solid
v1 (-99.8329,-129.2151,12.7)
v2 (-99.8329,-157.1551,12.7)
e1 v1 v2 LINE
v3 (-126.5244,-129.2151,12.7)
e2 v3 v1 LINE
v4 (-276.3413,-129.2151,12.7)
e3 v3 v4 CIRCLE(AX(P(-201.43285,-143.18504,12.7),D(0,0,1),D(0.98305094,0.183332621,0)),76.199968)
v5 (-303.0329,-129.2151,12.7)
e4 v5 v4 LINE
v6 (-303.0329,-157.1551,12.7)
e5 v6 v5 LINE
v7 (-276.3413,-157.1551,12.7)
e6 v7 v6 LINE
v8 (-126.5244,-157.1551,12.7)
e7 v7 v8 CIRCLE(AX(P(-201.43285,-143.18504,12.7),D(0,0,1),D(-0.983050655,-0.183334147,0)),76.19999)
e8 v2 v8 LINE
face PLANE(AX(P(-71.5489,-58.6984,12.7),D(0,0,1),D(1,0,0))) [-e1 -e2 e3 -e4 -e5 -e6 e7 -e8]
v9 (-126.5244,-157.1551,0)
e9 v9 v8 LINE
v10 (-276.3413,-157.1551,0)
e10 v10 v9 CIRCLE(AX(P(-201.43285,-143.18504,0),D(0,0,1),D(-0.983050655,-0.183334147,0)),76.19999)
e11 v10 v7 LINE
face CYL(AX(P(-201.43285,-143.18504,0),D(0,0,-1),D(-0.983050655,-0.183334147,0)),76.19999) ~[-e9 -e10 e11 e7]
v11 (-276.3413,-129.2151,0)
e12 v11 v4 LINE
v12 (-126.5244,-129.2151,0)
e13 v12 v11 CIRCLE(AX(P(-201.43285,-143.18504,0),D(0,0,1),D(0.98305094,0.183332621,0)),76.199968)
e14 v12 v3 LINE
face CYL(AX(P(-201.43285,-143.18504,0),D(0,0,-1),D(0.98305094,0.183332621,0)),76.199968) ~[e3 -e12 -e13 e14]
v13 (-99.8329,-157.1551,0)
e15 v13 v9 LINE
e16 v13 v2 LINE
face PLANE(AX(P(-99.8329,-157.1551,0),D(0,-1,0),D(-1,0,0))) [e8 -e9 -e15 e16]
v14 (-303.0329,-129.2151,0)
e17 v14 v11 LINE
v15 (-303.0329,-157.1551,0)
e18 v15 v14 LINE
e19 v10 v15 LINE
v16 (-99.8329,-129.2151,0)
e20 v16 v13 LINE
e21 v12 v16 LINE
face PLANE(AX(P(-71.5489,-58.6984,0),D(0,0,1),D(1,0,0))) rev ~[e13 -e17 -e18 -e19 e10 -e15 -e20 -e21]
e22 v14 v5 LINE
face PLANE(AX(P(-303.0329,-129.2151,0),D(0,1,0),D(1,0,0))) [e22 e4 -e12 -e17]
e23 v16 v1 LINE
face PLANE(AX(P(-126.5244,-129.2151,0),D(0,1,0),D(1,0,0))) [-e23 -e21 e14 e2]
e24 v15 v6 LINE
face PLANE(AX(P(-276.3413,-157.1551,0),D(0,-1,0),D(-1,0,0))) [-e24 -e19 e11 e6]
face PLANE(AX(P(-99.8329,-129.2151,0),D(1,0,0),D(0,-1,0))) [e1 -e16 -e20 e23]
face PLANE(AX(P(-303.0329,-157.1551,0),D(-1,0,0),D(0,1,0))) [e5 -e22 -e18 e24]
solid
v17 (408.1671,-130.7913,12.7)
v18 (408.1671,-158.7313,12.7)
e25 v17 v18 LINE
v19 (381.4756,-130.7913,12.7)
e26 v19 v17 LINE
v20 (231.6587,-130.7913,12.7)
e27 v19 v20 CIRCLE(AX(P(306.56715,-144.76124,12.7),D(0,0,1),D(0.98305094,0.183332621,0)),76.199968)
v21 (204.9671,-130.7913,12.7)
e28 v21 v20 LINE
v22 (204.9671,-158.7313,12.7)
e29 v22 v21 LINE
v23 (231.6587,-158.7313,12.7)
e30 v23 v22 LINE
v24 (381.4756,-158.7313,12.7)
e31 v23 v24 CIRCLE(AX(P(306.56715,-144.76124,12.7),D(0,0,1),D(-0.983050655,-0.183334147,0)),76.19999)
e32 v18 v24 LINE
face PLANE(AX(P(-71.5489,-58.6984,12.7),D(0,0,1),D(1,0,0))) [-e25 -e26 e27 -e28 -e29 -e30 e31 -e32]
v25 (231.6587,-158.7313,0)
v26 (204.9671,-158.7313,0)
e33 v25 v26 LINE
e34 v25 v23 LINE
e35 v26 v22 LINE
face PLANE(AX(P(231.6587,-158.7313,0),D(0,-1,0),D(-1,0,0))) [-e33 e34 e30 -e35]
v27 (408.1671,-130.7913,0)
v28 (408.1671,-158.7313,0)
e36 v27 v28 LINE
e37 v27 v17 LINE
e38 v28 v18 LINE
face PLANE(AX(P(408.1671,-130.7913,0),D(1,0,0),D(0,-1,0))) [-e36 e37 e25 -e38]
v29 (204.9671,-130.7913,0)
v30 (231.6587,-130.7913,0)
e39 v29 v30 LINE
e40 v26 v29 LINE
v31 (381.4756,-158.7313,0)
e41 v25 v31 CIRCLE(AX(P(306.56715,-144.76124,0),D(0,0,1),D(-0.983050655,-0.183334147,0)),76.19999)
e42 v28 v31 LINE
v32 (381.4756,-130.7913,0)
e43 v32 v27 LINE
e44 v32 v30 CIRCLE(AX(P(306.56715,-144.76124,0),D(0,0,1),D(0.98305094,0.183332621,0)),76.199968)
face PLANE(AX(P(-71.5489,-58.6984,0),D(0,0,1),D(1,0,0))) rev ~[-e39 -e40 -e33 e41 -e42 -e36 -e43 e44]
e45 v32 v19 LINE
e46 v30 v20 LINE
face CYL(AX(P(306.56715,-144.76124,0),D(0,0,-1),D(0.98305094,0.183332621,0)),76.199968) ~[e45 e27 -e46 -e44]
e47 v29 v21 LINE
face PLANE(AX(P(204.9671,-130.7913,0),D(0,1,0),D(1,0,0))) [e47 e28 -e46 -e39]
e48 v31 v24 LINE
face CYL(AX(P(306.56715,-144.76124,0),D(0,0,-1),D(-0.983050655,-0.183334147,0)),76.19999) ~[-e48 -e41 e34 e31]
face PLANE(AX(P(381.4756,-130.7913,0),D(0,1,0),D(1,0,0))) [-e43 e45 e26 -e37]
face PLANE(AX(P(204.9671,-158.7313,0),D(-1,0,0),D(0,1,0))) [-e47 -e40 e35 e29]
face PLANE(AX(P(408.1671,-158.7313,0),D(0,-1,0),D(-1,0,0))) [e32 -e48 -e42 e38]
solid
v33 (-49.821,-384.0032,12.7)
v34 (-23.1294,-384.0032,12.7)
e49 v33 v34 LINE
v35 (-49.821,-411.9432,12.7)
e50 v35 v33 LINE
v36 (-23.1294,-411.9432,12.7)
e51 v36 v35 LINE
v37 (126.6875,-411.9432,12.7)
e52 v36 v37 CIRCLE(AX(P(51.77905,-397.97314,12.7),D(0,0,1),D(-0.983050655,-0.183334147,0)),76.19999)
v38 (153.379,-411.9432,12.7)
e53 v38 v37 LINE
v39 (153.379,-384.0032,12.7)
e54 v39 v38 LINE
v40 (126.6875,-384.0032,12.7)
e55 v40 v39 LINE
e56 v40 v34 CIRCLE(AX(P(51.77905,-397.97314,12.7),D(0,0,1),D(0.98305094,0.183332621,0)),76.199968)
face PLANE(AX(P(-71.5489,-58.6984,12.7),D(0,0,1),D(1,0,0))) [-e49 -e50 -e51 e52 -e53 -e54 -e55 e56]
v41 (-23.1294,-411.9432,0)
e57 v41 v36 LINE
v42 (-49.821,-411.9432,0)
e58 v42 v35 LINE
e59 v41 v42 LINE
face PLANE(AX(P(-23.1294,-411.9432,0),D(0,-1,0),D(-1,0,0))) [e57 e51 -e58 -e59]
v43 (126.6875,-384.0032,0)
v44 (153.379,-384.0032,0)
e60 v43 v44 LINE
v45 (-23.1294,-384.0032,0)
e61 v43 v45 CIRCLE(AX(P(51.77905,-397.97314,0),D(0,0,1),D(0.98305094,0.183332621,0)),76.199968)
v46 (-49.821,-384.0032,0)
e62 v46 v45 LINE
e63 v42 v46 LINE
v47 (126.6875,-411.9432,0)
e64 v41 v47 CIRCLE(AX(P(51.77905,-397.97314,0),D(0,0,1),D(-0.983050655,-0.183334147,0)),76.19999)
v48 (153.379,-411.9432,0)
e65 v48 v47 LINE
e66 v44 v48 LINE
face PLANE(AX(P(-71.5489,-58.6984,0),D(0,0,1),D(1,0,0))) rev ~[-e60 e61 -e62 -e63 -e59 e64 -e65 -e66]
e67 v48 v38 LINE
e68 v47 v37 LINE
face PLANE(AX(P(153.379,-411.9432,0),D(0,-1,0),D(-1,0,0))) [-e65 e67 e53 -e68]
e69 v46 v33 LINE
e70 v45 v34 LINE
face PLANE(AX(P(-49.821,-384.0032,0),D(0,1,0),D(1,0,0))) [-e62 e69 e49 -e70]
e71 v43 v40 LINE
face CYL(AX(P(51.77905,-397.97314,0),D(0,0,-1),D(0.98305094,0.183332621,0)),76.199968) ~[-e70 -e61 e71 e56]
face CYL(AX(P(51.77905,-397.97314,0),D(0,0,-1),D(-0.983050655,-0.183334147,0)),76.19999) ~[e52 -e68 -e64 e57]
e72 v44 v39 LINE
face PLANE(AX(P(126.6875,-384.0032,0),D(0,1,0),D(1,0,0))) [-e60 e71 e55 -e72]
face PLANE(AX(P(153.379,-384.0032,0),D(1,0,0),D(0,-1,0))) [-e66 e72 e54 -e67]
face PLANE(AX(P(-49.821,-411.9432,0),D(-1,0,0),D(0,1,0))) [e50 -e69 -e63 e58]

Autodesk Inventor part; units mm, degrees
ref_plane "YZ Plane" through (0, 0, 0) normal (1, 0, 0) x (0, 1, 0)
ref_plane "XZ Plane" through (0, 0, 0) normal (0, 1, 0) x (-1, 0, 0)
ref_plane "XY Plane" through (0, 0, 0) normal (0, 0, 1) x (1, 0, 0)
ref_plane "Work Plane1" through (-71.5489, -58.6984, 0) normal (0, 0, 1) x (1, 0, 0)
sketch "Sketch1" plane through (-71.5489, -58.6984, 0) normal (0, 0, 1) x (1, 0, 0)
  line L0 (759.116, -466.2748) -> (759.116, 295.7252) projected
  line L1 (759.116, 295.7252) -> (-510.884, 295.7252) projected
  line L2 (-510.884, 295.7252) -> (-510.884, -466.2748) projected
  line L3 (-510.884, -466.2748) -> (759.116, -466.2748) projected
  arc A0 (453.0245, -72.0929) -> (303.2076, -72.0929) centre (378.116, -86.0629) ccw projected
  arc A1 (198.2364, -325.3048) -> (48.4195, -325.3048) centre (123.3279, -339.2748) ccw projected
  arc A2 (453.0245, -72.0929) -> (303.2076, -72.0929) centre (378.116, -86.0629) ccw projected
  arc A3 (198.2364, -325.3048) -> (48.4195, -325.3048) centre (123.3279, -339.2748) ccw projected
  arc A4 (-204.7924, -98.4567) -> (-54.9755, -98.4567) centre (-129.884, -84.4867) ccw projected
  line L4 (276.516, -72.0929) -> (303.2076, -72.0929) projected
  line L5 (453.0245, -72.0929) -> (479.716, -72.0929) projected
  line L6 (479.716, -72.0929) -> (479.716, -100.0329) projected
  line L7 (479.716, -100.0329) -> (453.0245, -100.0329) projected
  arc A5 (303.2076, -100.0329) -> (453.0245, -100.0329) centre (378.116, -86.0629) ccw projected
  line L8 (303.2076, -100.0329) -> (276.516, -100.0329) projected
  line L9 (276.516, -100.0329) -> (276.516, -72.0929) projected
  line L10 (21.7279, -325.3048) -> (48.4195, -325.3048) projected
  line L11 (198.2364, -325.3048) -> (224.9279, -325.3048) projected
  line L12 (224.9279, -325.3048) -> (224.9279, -353.2448) projected
  line L13 (224.9279, -353.2448) -> (198.2364, -353.2448) projected
  arc A6 (48.4195, -353.2448) -> (198.2364, -353.2448) centre (123.3279, -339.2748) ccw projected
  line L14 (48.4195, -353.2448) -> (21.7279, -353.2448) projected
  line L15 (21.7279, -353.2448) -> (21.7279, -325.3048) projected
  line L16 (-28.284, -98.4567) -> (-54.9755, -98.4567) projected
  line L17 (-204.7924, -98.4567) -> (-231.484, -98.4567) projected
  line L18 (-231.484, -98.4567) -> (-231.484, -70.5167) projected
  line L19 (-231.484, -70.5167) -> (-204.7924, -70.5167) projected
  arc A7 (-54.9755, -70.5167) -> (-204.7924, -70.5167) centre (-129.884, -84.4867) ccw projected
  line L20 (-54.9755, -70.5167) -> (-28.284, -70.5167) projected
  line L21 (-28.284, -70.5167) -> (-28.284, -98.4567) projected
  arc A8 (-204.7924, -98.4567) -> (-54.9755, -98.4567) centre (-129.884, -84.4867) ccw projected
  line L22 (174.1279, -135.2867) -> (72.5279, -135.2867) projected
  line L23 (72.5279, -135.2867) -> (72.5279, -33.6867) projected
  line L24 (72.5279, -33.6867) -> (174.1279, -33.6867) projected
  line L25 (174.1279, -33.6867) -> (174.1279, -135.2867) projected
  line L26 (174.1279, 149.6752) -> (174.1279, 238.5752) projected
  line L27 (174.1279, 238.5752) -> (428.1279, 238.5752) projected
  line L28 (428.1279, 238.5752) -> (428.1279, 149.6752) projected
  line L29 (428.1279, 149.6752) -> (174.1279, 149.6752) projected
  line L30 (72.5279, 149.6752) -> (-181.4721, 149.6752) projected
  line L31 (-181.4721, 149.6752) -> (-181.4721, 238.5752) projected
  line L32 (-181.4721, 238.5752) -> (72.5279, 238.5752) projected
  line L33 (72.5279, 238.5752) -> (72.5279, 149.6752) projected
  point P0 (71.5489, 58.6984)
  point P1 (325.793, 63.2483)
  point P2 (71.0049, -189.9636)
  point P3 (-182.207, 64.8245)
extrude "Extrusion1" add sketch "Sketch1" along normal blind 12.7 contours L5 L6 L7 A5 L8 L9 L4 A0 | L11 L12 L13 A6 L14 L15 L10 A1 | L17 L18 L19 A7 L20 L21 L16 A4
properties part number "Zaślepki" material "PC/ABS Plastic"
